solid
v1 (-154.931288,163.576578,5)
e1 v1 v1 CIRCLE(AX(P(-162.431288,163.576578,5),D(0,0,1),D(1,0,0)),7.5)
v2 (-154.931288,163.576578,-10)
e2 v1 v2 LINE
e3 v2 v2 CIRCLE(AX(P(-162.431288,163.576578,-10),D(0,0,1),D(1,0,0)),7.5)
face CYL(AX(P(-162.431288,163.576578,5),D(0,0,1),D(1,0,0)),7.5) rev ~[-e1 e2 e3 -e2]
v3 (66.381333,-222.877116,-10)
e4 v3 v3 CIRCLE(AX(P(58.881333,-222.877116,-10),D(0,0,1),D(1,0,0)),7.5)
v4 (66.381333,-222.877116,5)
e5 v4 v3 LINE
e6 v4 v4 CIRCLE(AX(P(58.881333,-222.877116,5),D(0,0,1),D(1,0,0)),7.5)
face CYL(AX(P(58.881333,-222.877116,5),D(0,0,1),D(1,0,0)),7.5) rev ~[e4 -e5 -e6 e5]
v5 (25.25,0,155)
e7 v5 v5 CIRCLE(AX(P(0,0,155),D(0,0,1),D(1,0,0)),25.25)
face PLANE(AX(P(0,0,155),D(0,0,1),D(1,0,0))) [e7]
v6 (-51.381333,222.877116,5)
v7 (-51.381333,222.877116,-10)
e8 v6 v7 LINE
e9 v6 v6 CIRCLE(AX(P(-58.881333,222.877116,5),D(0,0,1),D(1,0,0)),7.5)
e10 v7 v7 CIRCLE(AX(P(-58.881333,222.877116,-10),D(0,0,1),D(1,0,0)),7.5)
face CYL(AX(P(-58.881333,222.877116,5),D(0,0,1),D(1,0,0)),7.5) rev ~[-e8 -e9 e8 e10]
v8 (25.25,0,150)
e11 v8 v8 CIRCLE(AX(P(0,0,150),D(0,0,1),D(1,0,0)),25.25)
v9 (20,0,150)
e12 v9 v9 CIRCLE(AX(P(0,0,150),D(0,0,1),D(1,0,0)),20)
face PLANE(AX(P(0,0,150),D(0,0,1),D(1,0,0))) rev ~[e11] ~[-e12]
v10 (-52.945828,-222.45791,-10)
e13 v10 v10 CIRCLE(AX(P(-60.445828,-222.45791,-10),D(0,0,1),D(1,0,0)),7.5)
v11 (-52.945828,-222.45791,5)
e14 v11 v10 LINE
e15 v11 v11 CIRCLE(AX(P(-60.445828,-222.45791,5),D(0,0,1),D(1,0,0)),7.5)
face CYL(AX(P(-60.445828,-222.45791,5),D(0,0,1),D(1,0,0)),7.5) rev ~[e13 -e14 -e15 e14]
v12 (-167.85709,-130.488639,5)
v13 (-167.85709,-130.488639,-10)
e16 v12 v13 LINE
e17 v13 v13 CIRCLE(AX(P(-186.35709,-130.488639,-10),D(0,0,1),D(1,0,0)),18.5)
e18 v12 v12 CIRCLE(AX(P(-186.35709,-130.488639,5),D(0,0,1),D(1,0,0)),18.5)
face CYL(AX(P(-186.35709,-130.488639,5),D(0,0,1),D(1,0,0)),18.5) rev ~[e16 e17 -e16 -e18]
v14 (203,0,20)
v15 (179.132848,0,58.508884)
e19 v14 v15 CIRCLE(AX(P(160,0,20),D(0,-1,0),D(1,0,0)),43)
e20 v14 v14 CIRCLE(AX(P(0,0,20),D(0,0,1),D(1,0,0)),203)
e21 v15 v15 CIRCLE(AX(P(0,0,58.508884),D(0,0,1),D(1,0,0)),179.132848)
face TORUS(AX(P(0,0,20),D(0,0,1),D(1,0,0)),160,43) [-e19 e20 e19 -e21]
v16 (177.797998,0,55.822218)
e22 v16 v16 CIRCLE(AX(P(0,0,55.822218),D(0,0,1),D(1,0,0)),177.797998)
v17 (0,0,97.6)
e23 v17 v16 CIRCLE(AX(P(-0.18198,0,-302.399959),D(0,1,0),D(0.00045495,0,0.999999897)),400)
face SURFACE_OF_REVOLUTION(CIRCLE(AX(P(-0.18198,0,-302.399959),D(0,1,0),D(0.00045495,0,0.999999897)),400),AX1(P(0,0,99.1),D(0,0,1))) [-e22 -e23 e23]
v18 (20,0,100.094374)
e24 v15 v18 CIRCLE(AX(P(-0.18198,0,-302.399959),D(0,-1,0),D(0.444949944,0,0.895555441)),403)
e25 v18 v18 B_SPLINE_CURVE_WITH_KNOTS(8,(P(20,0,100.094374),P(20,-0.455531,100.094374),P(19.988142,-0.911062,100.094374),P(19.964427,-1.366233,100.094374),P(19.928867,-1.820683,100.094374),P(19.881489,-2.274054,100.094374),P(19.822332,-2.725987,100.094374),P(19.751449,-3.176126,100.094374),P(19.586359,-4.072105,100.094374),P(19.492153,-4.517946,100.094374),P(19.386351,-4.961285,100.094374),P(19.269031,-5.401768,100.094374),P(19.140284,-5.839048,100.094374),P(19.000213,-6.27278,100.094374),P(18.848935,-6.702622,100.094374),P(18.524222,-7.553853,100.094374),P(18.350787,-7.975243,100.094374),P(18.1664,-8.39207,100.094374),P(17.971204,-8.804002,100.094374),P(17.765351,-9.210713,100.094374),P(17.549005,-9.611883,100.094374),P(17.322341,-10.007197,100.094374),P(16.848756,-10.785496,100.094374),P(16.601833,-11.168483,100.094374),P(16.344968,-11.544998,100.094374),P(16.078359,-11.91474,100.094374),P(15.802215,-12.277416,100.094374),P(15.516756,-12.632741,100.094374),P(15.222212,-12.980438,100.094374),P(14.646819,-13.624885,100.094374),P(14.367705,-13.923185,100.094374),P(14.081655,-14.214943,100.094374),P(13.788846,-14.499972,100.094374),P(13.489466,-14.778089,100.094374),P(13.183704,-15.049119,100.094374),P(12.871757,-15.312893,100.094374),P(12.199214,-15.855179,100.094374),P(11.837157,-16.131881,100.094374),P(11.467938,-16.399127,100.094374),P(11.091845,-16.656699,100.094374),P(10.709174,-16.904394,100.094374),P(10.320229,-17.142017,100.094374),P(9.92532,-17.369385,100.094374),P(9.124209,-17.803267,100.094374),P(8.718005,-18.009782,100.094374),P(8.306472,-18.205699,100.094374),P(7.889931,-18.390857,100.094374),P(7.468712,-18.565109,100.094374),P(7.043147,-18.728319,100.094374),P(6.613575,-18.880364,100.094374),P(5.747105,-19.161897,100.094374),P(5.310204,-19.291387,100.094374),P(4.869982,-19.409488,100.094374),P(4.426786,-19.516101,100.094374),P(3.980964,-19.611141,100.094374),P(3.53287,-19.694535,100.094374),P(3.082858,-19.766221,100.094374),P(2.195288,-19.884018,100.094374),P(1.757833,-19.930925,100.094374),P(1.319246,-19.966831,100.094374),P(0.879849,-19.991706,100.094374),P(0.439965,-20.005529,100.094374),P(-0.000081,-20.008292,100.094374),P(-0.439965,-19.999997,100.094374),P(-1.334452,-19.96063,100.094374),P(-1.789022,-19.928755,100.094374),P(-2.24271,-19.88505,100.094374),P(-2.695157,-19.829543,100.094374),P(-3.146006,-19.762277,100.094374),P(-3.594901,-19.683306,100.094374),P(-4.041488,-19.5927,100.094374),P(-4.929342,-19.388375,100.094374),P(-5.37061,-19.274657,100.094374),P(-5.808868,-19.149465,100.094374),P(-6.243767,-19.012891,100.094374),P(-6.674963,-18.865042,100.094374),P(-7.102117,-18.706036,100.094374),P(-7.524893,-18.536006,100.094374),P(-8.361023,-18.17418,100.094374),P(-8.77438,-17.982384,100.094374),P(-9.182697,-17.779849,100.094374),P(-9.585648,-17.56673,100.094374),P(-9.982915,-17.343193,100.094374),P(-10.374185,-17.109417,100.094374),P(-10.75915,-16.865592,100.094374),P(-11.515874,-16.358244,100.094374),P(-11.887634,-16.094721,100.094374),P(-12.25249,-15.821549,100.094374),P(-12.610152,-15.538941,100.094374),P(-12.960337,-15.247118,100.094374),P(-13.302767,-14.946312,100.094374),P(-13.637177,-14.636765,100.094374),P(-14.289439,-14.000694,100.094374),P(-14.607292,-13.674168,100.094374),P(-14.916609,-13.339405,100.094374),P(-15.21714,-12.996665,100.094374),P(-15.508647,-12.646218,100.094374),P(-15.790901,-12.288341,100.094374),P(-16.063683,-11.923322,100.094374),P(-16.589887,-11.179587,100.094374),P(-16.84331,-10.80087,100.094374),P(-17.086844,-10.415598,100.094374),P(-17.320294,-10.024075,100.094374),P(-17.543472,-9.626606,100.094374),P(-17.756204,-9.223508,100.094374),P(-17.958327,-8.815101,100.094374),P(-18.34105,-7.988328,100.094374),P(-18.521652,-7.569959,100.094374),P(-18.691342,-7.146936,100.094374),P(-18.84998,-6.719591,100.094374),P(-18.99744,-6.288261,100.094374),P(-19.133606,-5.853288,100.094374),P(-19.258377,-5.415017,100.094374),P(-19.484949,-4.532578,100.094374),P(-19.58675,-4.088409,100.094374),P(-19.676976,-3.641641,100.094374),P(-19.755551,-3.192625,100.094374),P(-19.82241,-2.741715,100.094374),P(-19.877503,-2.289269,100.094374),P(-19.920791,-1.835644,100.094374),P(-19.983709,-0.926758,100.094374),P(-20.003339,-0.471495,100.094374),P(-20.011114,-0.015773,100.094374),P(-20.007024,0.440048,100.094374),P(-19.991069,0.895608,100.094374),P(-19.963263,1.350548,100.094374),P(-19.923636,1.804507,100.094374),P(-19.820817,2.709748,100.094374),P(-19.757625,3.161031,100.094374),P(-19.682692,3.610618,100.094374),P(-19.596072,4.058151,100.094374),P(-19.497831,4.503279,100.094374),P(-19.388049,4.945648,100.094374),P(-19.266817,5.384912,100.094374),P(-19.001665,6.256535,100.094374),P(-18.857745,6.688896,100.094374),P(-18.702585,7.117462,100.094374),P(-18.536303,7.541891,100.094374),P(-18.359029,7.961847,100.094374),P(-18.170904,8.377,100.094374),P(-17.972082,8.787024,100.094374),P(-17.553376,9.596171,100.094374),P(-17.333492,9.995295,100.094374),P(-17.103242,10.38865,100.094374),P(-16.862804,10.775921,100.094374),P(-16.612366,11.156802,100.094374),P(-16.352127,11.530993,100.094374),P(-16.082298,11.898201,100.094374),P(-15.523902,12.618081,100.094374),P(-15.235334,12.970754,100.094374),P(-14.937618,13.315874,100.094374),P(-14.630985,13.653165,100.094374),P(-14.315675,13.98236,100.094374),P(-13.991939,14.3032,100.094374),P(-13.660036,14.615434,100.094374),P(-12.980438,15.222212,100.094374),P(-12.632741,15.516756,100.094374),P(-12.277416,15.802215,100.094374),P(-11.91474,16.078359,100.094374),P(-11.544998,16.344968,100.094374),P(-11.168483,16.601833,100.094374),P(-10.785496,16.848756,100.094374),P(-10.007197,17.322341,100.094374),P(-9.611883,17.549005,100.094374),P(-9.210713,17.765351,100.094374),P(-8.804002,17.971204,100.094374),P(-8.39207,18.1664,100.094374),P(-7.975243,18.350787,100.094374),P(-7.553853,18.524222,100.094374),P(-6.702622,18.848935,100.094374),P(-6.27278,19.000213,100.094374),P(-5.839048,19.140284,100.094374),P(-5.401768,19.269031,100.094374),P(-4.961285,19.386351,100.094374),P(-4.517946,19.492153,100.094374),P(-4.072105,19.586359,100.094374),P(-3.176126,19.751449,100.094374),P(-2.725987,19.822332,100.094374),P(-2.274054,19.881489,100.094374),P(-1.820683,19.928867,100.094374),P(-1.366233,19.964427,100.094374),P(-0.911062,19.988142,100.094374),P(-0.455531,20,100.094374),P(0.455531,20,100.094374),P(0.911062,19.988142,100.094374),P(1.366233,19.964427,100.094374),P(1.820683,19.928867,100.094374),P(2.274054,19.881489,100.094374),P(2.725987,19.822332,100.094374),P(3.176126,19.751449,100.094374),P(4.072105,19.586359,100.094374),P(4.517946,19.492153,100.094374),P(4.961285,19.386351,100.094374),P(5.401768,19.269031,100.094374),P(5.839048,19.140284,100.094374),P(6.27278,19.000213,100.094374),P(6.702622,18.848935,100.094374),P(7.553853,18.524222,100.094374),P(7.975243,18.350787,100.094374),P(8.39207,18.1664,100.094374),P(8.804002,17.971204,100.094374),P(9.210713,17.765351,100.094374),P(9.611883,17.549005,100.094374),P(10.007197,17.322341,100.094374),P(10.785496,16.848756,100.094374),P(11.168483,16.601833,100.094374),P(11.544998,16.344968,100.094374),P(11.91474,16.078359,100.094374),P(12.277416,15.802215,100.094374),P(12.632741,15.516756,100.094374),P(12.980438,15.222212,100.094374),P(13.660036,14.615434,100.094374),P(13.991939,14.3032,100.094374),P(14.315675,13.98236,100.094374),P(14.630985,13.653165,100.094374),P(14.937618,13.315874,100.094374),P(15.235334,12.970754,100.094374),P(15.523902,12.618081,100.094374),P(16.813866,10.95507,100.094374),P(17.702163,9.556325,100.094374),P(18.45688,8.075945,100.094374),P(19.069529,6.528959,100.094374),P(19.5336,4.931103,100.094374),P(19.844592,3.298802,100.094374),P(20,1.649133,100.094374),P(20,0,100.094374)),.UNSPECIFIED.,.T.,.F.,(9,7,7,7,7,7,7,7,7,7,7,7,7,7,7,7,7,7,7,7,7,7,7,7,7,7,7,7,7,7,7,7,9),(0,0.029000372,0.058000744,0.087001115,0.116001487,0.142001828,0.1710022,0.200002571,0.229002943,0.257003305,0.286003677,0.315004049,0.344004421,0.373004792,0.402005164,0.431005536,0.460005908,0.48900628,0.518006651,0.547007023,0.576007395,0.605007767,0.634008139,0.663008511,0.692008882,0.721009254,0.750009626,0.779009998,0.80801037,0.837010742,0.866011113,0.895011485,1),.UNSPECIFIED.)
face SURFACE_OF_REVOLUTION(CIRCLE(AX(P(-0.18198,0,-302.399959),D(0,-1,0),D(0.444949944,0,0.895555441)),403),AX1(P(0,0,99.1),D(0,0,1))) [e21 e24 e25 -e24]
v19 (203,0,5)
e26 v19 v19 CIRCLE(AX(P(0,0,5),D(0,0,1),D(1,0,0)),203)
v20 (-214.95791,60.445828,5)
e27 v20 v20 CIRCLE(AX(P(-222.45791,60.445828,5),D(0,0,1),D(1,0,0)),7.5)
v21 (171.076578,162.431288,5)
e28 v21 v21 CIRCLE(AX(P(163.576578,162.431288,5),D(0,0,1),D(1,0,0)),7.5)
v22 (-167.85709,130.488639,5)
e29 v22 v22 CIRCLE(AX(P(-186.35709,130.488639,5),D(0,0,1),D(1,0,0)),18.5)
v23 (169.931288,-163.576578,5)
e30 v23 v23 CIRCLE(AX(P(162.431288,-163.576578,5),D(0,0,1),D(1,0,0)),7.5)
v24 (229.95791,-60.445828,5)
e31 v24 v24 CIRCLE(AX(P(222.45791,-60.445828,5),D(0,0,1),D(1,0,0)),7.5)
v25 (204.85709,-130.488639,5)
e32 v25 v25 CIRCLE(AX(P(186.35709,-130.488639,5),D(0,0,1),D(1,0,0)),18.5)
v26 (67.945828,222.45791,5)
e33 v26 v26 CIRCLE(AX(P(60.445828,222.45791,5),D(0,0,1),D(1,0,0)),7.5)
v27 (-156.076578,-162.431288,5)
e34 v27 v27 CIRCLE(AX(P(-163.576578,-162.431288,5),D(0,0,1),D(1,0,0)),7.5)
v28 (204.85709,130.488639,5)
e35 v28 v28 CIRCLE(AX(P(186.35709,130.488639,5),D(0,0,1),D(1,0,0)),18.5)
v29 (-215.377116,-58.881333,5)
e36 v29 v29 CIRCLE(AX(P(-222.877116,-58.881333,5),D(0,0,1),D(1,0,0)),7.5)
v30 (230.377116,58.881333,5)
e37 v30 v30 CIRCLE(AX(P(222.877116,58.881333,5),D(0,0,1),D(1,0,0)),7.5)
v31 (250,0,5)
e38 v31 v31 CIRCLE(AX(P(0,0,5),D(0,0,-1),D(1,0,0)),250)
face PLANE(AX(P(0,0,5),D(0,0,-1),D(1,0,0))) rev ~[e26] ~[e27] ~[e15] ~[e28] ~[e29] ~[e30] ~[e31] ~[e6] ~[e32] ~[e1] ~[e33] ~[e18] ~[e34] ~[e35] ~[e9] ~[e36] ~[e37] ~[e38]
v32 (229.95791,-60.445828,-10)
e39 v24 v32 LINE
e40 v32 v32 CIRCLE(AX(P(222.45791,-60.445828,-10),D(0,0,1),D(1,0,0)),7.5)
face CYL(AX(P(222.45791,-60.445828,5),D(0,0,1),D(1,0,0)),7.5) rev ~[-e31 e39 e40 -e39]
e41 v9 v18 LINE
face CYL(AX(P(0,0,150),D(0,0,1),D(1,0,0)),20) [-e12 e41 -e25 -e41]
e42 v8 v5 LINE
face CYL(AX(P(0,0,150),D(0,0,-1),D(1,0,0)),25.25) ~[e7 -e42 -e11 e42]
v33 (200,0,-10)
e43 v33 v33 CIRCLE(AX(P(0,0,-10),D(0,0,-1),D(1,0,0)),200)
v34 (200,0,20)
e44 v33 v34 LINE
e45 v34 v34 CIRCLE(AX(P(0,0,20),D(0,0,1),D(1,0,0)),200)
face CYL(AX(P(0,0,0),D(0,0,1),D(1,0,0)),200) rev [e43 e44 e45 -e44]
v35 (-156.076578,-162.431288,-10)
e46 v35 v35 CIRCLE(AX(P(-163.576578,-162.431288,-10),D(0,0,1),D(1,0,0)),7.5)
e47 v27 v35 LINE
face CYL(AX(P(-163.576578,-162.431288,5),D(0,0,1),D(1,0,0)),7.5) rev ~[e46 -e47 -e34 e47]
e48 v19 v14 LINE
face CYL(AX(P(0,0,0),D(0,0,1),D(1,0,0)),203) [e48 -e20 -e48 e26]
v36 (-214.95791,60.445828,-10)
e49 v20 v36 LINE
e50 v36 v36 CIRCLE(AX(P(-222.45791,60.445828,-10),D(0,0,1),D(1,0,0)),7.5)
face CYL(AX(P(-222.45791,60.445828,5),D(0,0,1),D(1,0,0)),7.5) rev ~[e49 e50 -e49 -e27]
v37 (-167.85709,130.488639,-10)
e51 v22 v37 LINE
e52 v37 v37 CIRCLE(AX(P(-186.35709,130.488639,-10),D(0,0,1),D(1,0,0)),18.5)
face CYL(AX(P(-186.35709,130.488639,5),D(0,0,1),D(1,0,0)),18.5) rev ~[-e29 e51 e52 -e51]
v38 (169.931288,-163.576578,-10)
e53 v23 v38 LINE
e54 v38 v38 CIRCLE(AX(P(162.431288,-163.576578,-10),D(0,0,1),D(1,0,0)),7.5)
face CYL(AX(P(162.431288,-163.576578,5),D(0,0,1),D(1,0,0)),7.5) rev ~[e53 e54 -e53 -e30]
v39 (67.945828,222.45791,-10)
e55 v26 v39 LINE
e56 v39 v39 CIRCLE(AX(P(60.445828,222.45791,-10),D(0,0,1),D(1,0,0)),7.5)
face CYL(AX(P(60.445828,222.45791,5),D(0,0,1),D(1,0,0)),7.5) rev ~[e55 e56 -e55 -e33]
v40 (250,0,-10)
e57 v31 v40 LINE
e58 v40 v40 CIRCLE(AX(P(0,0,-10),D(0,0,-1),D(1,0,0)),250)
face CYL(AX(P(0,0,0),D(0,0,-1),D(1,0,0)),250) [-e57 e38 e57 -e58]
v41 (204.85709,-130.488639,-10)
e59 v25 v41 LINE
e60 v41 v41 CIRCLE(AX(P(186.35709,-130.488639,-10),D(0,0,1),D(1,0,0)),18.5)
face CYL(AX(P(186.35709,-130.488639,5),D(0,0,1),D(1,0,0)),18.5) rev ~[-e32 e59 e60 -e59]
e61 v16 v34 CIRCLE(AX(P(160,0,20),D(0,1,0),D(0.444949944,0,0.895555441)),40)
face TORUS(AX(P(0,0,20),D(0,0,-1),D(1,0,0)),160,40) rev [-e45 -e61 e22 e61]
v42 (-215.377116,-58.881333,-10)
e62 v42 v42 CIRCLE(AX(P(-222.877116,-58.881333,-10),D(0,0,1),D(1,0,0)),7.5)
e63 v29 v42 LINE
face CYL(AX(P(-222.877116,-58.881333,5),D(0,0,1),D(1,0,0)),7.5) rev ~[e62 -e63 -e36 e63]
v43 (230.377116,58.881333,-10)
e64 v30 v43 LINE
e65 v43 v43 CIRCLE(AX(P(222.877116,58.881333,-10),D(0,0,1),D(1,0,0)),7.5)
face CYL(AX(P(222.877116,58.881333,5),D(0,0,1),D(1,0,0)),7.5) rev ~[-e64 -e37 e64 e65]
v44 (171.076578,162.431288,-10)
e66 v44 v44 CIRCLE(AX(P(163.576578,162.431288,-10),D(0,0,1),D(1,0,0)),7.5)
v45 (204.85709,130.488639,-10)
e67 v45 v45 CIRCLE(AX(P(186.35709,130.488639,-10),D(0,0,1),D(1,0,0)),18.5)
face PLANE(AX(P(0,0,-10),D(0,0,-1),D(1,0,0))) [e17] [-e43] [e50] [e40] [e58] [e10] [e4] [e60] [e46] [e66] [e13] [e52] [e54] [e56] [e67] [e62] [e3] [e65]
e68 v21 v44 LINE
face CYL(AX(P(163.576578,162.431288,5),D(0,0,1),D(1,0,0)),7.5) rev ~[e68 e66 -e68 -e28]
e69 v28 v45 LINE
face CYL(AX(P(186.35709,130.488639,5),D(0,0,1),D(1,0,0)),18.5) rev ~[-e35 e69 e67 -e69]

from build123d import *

# Parameters (mm, degrees)
F2_R          = 250
F2_R_2        = 200
F3_DEPTH      = 10
F3_DEPTH_BACK = 5
F4_R          = 7.5
F5_DEPTH      = 15
F7_R          = 20
F9_R          = 25.25
F10_DEPTH     = 5
F11_R         = 18.5
F12_DEPTH     = 20


with BuildPart() as f1:
    # F0 (on Front) → F1 (revolve)
    with BuildSketch(Plane.XZ):
        with BuildLine():
            Line((200, 20), (200, 0))
            Line((200, 0), (203, 0))
            Line((203, 0), (203, 20))
            ThreePointArc((203, 20), (196.5493669363, 42.6526770285), (179.1328476019, 58.5088839444))
            ThreePointArc((179.1328476019, 58.5088839444), (92.0009441475, 89.9153591058), (0, 100.6000003082))
            Line((0, 100.6000003082), (0, 97.6))
            ThreePointArc((0, 97.6), (91.3153782925, 86.994742746), (177.7979977692, 55.8222176227))
            ThreePointArc((177.7979977692, 55.8222176227), (193.9994111035, 41.072257701), (200, 20))
        make_face()
    revolve(axis=Axis((0, 0, 99.1000001541), (0, 0, 1)))

    # F2 (on face) → F3 (join, two sides)
    with BuildSketch(Plane(origin=(0, 0, 0), x_dir=(1, 0, 0), z_dir=(0, 0, -1))) as f3_sk:
        Circle(F2_R)
        Circle(F2_R_2, mode=Mode.SUBTRACT)
    extrude(amount=F3_DEPTH)
    extrude(f3_sk.sketch, amount=-F3_DEPTH_BACK)

    # F4 (on face) → F5 (cut, through all)
    with BuildSketch(Plane.XY.offset(5)):
        with Locations((222.8771156759, 58.8813327608)):
            Circle(F4_R)
        with Locations((163.5765777171, 162.4312878175)):
            Circle(F4_R)
        with Locations((60.4458278584, 222.457910478)):
            Circle(F4_R)
        with Locations((-58.8813327608, 222.8771156759)):
            Circle(F4_R)
        with Locations((-162.4312878175, 163.5765777171)):
            Circle(F4_R)
        with Locations((-222.457910478, 60.4458278584)):
            Circle(F4_R)
        with Locations((-222.8771156759, -58.8813327608)):
            Circle(F4_R)
        with Locations((-163.5765777171, -162.4312878175)):
            Circle(F4_R)
        with Locations((-60.4458278584, -222.457910478)):
            Circle(F4_R)
        with Locations((58.8813327608, -222.8771156759)):
            Circle(F4_R)
        with Locations((162.4312878175, -163.5765777171)):
            Circle(F4_R)
        with Locations((222.457910478, -60.4458278584)):
            Circle(F4_R)
    extrude(amount=-F5_DEPTH, mode=Mode.SUBTRACT)

    # F7 (on offset) → F8 (join, up to the next surface of F1)
    with BuildSketch(Plane.XY.offset(150)):
        Circle(F7_R)
    extrude(until=Until.NEXT, dir=(0, 0, -1))

    # F9 (on face) → F10 (join)
    with BuildSketch(Plane.XY.offset(150)):
        Circle(F9_R)
    extrude(amount=F10_DEPTH)

    # F11 (on face) → F12 (cut)
    with BuildSketch(Plane.XY.offset(5)):
        with Locations((186.3570900757, 130.4886392699)):
            Circle(F11_R)
        with Locations((-186.3570900757, 130.4886392699)):
            Circle(F11_R)
        with Locations((-186.3570900757, -130.4886392699)):
            Circle(F11_R)
        with Locations((186.3570900757, -130.4886392699)):
            Circle(F11_R)
    extrude(amount=-F12_DEPTH, mode=Mode.SUBTRACT)


solid = f1.part
